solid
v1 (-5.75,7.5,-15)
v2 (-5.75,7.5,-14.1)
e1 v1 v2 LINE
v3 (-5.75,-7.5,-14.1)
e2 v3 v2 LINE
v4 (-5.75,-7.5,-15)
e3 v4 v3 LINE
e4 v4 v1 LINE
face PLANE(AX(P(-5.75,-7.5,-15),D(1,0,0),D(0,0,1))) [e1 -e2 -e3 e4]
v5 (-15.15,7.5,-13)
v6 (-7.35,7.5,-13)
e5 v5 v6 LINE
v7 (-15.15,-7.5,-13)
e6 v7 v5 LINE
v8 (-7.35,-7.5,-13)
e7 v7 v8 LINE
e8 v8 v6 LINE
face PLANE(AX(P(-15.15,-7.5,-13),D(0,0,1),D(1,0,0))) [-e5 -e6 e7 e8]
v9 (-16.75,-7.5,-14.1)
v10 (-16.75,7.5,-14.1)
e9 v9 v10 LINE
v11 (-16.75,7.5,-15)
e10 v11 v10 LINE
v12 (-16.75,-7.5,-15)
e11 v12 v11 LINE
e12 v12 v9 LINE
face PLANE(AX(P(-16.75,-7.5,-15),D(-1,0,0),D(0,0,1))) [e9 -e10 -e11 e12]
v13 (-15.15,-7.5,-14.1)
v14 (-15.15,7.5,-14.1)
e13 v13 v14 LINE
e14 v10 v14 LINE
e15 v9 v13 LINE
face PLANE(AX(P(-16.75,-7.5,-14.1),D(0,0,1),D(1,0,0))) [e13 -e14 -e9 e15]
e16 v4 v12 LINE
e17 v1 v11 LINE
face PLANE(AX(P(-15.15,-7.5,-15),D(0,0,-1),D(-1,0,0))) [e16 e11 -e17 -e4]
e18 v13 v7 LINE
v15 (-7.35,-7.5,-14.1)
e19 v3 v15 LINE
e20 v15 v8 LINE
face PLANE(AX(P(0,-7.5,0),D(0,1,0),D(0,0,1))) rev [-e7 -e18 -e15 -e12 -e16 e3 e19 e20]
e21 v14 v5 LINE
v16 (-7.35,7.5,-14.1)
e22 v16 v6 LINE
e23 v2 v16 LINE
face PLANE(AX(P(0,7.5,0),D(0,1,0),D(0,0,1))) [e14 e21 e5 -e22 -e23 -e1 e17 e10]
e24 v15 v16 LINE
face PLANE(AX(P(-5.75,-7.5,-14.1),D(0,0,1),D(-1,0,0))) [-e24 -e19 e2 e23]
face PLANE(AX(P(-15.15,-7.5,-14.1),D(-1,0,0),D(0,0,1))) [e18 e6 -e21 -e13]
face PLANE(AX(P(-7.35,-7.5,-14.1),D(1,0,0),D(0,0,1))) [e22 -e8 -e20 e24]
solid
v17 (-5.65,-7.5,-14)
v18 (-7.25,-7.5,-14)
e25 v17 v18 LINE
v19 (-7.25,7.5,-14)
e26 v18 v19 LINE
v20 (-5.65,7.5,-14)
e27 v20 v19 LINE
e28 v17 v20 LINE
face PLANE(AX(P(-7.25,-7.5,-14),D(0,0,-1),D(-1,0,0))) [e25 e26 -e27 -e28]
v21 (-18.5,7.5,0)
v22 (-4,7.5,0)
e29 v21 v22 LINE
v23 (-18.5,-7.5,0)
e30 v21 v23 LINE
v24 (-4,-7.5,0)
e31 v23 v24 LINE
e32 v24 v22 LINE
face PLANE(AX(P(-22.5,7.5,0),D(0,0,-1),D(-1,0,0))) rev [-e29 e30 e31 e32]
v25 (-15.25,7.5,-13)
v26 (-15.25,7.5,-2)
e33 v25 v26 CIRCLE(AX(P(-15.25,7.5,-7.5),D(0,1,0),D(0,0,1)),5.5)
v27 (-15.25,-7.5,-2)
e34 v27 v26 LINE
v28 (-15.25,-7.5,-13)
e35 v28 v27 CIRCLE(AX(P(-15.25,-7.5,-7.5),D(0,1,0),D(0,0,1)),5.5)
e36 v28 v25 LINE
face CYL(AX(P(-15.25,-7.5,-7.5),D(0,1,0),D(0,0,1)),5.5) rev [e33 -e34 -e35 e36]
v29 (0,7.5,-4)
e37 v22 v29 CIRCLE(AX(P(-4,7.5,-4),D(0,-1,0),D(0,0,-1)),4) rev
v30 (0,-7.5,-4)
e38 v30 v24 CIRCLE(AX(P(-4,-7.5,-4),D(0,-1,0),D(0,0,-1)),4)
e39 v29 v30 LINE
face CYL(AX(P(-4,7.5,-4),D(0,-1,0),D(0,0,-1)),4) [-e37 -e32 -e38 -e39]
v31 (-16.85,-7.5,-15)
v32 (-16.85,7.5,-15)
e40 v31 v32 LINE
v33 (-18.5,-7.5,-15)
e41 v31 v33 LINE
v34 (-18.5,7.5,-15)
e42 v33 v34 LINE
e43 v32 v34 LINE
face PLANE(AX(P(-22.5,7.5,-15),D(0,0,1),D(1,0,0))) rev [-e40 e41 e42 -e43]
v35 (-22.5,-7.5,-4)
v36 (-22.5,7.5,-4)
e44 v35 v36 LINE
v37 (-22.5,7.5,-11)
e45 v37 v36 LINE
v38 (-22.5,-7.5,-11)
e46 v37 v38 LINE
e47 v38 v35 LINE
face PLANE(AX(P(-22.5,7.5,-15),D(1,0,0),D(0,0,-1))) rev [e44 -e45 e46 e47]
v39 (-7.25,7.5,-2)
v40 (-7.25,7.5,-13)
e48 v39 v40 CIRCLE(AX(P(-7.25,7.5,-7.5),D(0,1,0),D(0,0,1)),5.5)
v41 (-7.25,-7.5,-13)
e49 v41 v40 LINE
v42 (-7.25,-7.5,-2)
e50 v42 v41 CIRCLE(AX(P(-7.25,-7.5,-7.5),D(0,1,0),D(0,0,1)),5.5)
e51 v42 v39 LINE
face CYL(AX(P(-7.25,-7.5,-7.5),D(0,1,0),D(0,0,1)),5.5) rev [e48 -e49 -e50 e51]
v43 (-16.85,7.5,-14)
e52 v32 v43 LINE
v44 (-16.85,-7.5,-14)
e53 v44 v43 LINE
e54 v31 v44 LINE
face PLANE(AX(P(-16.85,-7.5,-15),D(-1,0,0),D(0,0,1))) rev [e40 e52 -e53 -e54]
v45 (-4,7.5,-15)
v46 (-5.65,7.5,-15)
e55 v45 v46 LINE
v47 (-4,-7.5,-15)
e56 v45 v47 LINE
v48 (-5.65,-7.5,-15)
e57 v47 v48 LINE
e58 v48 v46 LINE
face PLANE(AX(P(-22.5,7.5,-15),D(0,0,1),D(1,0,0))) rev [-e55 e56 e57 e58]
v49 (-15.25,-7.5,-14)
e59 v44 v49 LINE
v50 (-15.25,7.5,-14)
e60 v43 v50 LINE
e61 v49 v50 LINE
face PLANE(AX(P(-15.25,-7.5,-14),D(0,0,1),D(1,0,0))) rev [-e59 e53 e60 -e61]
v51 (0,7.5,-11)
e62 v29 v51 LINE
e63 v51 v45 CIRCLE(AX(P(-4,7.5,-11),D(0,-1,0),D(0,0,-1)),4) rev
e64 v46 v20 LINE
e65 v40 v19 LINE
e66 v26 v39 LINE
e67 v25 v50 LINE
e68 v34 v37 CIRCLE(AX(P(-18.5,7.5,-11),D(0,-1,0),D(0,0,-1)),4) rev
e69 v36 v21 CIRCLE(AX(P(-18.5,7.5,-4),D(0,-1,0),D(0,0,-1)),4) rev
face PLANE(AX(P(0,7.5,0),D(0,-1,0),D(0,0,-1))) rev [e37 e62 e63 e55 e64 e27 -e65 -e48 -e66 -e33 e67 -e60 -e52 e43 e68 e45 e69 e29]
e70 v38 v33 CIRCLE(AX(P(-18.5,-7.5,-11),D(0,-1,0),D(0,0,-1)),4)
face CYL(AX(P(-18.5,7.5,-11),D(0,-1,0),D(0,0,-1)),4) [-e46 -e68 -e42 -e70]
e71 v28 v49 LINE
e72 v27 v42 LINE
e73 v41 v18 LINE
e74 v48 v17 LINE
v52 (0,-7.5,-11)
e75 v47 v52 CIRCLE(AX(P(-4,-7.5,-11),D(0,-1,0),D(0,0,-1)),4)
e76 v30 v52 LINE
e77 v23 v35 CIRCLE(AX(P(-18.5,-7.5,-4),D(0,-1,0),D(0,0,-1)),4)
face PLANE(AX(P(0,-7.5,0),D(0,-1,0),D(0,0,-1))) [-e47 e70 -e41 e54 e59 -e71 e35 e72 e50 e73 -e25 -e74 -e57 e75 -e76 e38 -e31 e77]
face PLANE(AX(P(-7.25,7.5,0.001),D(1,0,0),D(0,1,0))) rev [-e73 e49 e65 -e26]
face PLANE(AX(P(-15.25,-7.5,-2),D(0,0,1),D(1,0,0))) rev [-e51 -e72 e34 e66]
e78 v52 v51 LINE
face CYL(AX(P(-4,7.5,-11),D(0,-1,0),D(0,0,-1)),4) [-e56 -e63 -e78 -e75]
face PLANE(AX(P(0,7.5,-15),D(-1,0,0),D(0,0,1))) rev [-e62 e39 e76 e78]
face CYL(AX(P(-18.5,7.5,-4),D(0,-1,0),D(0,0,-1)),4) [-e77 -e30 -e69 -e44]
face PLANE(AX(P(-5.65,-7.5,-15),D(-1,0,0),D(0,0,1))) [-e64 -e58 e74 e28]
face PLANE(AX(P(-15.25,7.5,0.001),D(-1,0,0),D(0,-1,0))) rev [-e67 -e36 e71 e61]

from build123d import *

# Parameters (mm, degrees)
SKETCH1_W           = 22.5
SKETCH1_H           = 15
BOSS_EXTRUDE1_DEPTH = 7.5
CUT_EXTRUDE1_DEPTH  = 31.923292192
CUT_EXTRUDE2_REACH  = 30.062
SKETCH3_W           = 8
SKETCH3_H           = 15
SKETCH4_W           = 1.6
SKETCH4_H           = 1
CUT_EXTRUDE3_DEPTH  = 15
BOSS_EXTRUDE2_DEPTH = 15
FILLET1_R           = 4


with BuildPart() as part:
    # Sketch1 → Boss-Extrude1 (new, symmetric)
    with BuildSketch(Plane(origin=(0, 0, 0), x_dir=(1, 0, 0), z_dir=(0, 1, 0))):
        with Locations((-11.25, 7.5)):
            Rectangle(SKETCH1_W, SKETCH1_H)
    extrude(amount=BOSS_EXTRUDE1_DEPTH, both=True)

    # Sketch2 → Cut-Extrude1 (cut, through all)
    with BuildSketch(Plane(origin=(0, 7.5, 0), x_dir=(1, 0, 0), z_dir=(0, 1, 0))):
        with BuildLine():
            Line((-15.25, 13), (-7.25, 13))
            ThreePointArc((-7.25, 13), (-1.75, 7.5), (-7.25, 2))
            Line((-7.25, 2), (-15.25, 2))
            ThreePointArc((-15.25, 2), (-20.75, 7.5), (-15.25, 13))
        make_face()
    extrude(amount=-CUT_EXTRUDE1_DEPTH, mode=Mode.SUBTRACT)

    # Sketch3 → Cut-Extrude2 (cut, up to next)
    with BuildSketch(Plane(origin=(0, 0, -15), x_dir=(-1, 0, 0), z_dir=(0, 0, -1)), mode=Mode.PRIVATE) as cut_extrude2_sk1:
        with Locations((11.25, 0)):
            Rectangle(SKETCH3_W, SKETCH3_H)
    cut_extrude2_tool1 = extrude(cut_extrude2_sk1.sketch, amount=-CUT_EXTRUDE2_REACH, mode=Mode.PRIVATE) & part.part
    add(cut_extrude2_tool1.solids().sort_by_distance((-11.25, 0, -15))[0], mode=Mode.SUBTRACT)

    # Sketch4 → Cut-Extrude3 (cut)
    with BuildSketch(Plane(origin=(0, 7.5, 0), x_dir=(1, 0, 0), z_dir=(0, 1, 0))):
        with Locations((-16.05, 14.5)):
            Rectangle(SKETCH4_W, SKETCH4_H)
    cut_extrude3 = extrude(amount=-CUT_EXTRUDE3_DEPTH, mode=Mode.SUBTRACT)

    # Mirror1: Cut-Extrude3 across plane
    add(cut_extrude3.mirror(Plane.ZY.offset(11.25)), mode=Mode.SUBTRACT)

    # Fillet1
    fillet1_edges = [part.edges().sort_by_distance(p)[0] for p in [
        (-22.5, 0, 0),
        (-22.5, 0, -15),
        (0, 0, -15),
        (0, 0, 0),
    ]]
    fillet(fillet1_edges, radius=FILLET1_R)


with BuildPart() as body_2:
    # Sketch5 → Boss-Extrude2 (new, through all)
    with BuildSketch(Plane(origin=(0, 7.5, 0), x_dir=(1, 0, 0), z_dir=(0, 1, 0))):
        Polygon((-11.25, 15), (-15.15, 15), (-16.75, 15), (-16.75, 14.1), (-15.15, 14.1), (-15.15, 13), (-11.25, 13), align=None)
    extrude(amount=-BOSS_EXTRUDE2_DEPTH)

    # Mirror3: body 2 across plane


with BuildPart() as body_2_1:
    add(body_2.part)
    add(body_2.part.mirror(Plane.ZY.offset(11.25)))


solid = Compound([part.part, body_2_1.part])
